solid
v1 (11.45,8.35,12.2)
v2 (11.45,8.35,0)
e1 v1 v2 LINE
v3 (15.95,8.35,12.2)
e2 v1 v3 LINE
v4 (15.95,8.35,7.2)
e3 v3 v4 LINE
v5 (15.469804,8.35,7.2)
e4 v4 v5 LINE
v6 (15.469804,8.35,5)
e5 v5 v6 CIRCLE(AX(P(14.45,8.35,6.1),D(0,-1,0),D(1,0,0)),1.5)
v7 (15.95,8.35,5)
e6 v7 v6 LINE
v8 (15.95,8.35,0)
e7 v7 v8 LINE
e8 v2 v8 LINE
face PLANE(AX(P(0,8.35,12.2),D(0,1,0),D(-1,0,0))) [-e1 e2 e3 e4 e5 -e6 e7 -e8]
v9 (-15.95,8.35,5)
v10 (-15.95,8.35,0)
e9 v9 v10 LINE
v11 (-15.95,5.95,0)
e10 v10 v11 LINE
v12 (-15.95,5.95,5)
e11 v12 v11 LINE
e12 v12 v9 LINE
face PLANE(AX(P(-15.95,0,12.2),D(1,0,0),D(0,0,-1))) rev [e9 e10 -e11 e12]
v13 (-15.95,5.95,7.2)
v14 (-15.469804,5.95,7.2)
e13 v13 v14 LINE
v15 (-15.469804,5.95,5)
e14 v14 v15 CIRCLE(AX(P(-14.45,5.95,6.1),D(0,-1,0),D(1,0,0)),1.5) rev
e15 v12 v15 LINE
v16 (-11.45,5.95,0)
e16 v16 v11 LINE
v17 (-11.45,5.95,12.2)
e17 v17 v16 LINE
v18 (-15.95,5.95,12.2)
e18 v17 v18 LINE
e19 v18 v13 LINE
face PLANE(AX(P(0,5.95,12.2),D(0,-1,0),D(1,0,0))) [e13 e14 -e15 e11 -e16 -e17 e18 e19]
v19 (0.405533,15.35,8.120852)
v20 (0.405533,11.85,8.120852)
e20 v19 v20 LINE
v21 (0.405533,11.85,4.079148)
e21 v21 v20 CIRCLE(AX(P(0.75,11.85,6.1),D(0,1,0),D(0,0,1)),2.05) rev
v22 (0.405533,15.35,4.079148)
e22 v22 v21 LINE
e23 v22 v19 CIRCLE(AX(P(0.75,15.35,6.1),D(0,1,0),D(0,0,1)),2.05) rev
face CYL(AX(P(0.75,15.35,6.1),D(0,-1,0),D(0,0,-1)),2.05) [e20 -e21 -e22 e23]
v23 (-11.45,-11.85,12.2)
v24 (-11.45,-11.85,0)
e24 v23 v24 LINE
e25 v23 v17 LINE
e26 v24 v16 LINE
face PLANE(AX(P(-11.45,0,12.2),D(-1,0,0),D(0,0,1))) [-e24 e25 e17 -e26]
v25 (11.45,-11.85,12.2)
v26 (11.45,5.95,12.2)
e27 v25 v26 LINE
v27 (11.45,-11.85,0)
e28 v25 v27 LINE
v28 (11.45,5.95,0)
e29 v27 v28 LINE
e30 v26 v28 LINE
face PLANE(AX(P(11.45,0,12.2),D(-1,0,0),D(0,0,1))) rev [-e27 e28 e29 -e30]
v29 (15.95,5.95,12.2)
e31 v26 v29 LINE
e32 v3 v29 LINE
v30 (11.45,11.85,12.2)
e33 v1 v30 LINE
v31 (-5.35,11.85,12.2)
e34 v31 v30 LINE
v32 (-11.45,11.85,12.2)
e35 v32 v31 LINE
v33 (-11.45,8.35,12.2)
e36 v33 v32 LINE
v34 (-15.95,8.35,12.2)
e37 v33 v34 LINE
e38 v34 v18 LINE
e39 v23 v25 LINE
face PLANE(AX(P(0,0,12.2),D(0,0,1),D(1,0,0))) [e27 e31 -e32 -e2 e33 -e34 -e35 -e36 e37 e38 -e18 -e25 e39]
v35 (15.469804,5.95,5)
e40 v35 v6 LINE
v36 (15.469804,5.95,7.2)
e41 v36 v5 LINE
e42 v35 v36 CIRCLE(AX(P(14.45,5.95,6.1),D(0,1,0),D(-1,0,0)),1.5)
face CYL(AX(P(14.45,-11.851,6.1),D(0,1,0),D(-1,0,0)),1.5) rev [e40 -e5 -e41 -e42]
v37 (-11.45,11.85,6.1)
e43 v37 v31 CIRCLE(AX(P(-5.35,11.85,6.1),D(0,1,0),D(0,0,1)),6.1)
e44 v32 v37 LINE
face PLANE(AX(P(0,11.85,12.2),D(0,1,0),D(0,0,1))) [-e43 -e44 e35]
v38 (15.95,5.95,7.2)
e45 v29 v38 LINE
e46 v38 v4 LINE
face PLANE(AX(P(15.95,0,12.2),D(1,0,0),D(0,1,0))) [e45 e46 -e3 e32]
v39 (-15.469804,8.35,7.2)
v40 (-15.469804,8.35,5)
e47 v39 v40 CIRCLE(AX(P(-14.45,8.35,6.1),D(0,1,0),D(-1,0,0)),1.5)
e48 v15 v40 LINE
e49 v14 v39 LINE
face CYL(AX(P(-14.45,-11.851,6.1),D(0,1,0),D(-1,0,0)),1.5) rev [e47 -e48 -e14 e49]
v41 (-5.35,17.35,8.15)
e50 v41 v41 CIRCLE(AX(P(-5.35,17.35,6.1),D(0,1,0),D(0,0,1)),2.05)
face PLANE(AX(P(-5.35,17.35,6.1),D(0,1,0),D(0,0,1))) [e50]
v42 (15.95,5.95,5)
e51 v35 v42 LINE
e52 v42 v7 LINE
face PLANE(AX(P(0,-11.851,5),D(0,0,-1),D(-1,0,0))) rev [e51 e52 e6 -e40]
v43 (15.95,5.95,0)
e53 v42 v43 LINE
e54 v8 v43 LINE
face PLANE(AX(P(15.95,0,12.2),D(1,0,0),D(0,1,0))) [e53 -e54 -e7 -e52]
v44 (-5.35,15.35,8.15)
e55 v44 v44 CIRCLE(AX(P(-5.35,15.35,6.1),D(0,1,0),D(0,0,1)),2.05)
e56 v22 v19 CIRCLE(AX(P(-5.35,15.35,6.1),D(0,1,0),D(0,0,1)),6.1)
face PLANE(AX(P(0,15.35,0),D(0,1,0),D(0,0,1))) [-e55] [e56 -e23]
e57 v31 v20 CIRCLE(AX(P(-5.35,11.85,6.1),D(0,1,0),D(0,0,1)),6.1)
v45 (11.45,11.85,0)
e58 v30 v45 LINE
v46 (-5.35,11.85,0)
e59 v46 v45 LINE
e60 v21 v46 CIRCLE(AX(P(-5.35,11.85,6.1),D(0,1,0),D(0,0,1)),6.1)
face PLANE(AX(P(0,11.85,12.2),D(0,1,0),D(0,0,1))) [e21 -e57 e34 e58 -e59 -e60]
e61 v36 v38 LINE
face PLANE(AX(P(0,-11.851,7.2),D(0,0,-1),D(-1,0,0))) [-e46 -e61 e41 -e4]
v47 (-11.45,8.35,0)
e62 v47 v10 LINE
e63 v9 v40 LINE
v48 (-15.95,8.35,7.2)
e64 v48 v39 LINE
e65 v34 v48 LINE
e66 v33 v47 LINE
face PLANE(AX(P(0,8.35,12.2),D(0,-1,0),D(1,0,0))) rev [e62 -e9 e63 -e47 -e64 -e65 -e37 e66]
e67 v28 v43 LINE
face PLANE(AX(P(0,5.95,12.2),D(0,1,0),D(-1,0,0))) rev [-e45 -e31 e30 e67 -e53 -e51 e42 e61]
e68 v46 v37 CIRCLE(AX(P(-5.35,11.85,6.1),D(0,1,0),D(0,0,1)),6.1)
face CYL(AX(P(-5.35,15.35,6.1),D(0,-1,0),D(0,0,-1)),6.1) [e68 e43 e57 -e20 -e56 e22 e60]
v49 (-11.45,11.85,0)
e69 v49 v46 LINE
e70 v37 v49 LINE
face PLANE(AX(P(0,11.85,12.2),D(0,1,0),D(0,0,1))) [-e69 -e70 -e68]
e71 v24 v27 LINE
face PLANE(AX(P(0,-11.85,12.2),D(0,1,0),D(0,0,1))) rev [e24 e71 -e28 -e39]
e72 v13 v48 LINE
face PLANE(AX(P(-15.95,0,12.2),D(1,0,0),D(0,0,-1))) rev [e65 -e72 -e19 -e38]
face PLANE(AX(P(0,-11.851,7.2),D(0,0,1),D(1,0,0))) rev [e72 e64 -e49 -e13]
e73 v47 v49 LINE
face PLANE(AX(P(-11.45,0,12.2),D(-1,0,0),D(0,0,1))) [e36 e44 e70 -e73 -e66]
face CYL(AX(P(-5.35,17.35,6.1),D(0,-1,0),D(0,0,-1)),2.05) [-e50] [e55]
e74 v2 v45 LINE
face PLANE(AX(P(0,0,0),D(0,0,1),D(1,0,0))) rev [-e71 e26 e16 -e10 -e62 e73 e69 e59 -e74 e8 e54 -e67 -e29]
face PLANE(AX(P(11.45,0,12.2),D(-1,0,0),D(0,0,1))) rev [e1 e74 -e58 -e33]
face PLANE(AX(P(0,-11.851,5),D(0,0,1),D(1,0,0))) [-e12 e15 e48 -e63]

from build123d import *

# Parameters (mm, degrees)
CROQUIS1_W              = 22.9
CROQUIS1_H              = 23.7
CROQUIS1_W_2            = 4.5
CROQUIS1_H_2            = 2.4
SALIENTE_EXTRUIR1_DEPTH = 12.2
CROQUIS2_R              = 6.1
CROQUIS2_R_2            = 2.05
SALIENTE_EXTRUIR2_DEPTH = 3.5
SALIENTE_EXTRUIR3_START = 3.5
CROQUIS2_3_R            = 2.05
SALIENTE_EXTRUIR3_DEPTH = 2
CORTAR_EXTRUIR2_REACH   = 30.483
CROQUIS3_R              = 1.5


with BuildPart() as part:
    # Croquis1 → Saliente-Extruir1 (new body)
    with BuildSketch(Plane.XY):
        Rectangle(CROQUIS1_W, CROQUIS1_H)
        with Locations((-13.7, 7.15)):
            Rectangle(CROQUIS1_W_2, CROQUIS1_H_2)
        with Locations((13.7, 7.15)):
            Rectangle(CROQUIS1_W_2, CROQUIS1_H_2)
    extrude(amount=SALIENTE_EXTRUIR1_DEPTH)

    # Croquis2 → Saliente-Extruir2 (add)
    # profile 1 of 3: a face of its own
    with BuildSketch(Plane(origin=(0, 11.85, 0), x_dir=(1, 0, 0), z_dir=(0, 1, 0))):
        with BuildLine():
            ThreePointArc((0.405532787, -4.079148115), (0.663266583, -5.075), (0.75, -6.1))
            ThreePointArc((0.75, -6.1), (0.663266583, -7.125), (0.405532787, -8.120851885))
            ThreePointArc((0.405532787, -8.120851885), (2.8, -6.1), (0.405532787, -4.079148115))
        make_face()
    # profile 2 of 3: a face of its own
    with BuildSketch(Plane(origin=(0, 11.85, 0), x_dir=(1, 0, 0), z_dir=(0, 1, 0))):
        with Locations((-5.35, -6.1)):
            Circle(CROQUIS2_R)
        with Locations((-5.35, -6.1)):
            Circle(CROQUIS2_R_2, mode=Mode.SUBTRACT)
    # profile 3 of 3: a face of its own
    with BuildSketch(Plane(origin=(0, 11.85, 0), x_dir=(1, 0, 0), z_dir=(0, 1, 0))):
        with Locations((-5.35, -6.1)):
            Circle(CROQUIS2_R_2)
    extrude(amount=SALIENTE_EXTRUIR2_DEPTH)

    # Croquis2<3> → Saliente-Extruir3 (add)
    with BuildSketch(Plane(origin=(0, 11.85, 0), x_dir=(1, 0, 0), z_dir=(0, 1, 0)).offset(SALIENTE_EXTRUIR3_START)):
        with Locations(Location((-5.35, -6.1, 0), (0, 0, 270))):
            Circle(CROQUIS2_3_R)
    extrude(amount=SALIENTE_EXTRUIR3_DEPTH)

    # Croquis3 → Cortar-Extruir2 (cut, up to next)
    with BuildSketch(Plane(origin=(0, 8.35, 0), x_dir=(1, 0, 0), z_dir=(0, 1, 0)), mode=Mode.PRIVATE) as cortar_extruir2_sk1:
        with Locations((-14.45, -6.1)):
            Circle(CROQUIS3_R)
    cortar_extruir2_tool1 = extrude(cortar_extruir2_sk1.sketch, amount=-CORTAR_EXTRUIR2_REACH, mode=Mode.PRIVATE) & part.part
    # Croquis3 → Cortar-Extruir2 (cut, up to next)
    with BuildSketch(Plane(origin=(0, 8.35, 0), x_dir=(1, 0, 0), z_dir=(0, 1, 0)), mode=Mode.PRIVATE) as cortar_extruir2_sk2:
        with BuildLine():
            ThreePointArc((-15.469803903, -7.2), (-15.824719218, -6.700122548), (-15.95, -6.1))
            Line((-15.95, -6.1), (-15.95, -7.2))
            Line((-15.95, -7.2), (-15.469803903, -7.2))
        make_face()
    cortar_extruir2_tool2 = extrude(cortar_extruir2_sk2.sketch, amount=-CORTAR_EXTRUIR2_REACH, mode=Mode.PRIVATE) & part.part
    # Croquis3 → Cortar-Extruir2 (cut, up to next)
    with BuildSketch(Plane(origin=(0, 8.35, 0), x_dir=(1, 0, 0), z_dir=(0, 1, 0)), mode=Mode.PRIVATE) as cortar_extruir2_sk3:
        with BuildLine():
            Line((-15.469803903, -5), (-15.95, -5))
            Line((-15.95, -5), (-15.95, -6.1))
            ThreePointArc((-15.95, -6.1), (-15.824719218, -5.499877452), (-15.469803903, -5))
        make_face()
    cortar_extruir2_tool3 = extrude(cortar_extruir2_sk3.sketch, amount=-CORTAR_EXTRUIR2_REACH, mode=Mode.PRIVATE) & part.part
    cortar_extruir2_1 = cortar_extruir2_tool1.solids().sort_by_distance((-14.45, 8.35, 6.1))[0]
    add(cortar_extruir2_1, mode=Mode.SUBTRACT)
    cortar_extruir2_2 = cortar_extruir2_tool2.solids().sort_by_distance((-15.810988, 8.35, 6.934581))[0]
    add(cortar_extruir2_2, mode=Mode.SUBTRACT)
    cortar_extruir2_3 = cortar_extruir2_tool3.solids().sort_by_distance((-15.810988, 8.35, 5.265419))[0]
    add(cortar_extruir2_3, mode=Mode.SUBTRACT)
    cortar_extruir2 = cortar_extruir2_1 + cortar_extruir2_2 + cortar_extruir2_3  # Cortar-Extruir2 as one shape, for the pattern or mirror that repeats it

    # Simetría1: Cortar-Extruir2 across plane
    add(cortar_extruir2.mirror(Plane(origin=(0, 0, 0), x_dir=(0, 0, 1), z_dir=(1, 0, 0))), mode=Mode.SUBTRACT)


solid = part.part
